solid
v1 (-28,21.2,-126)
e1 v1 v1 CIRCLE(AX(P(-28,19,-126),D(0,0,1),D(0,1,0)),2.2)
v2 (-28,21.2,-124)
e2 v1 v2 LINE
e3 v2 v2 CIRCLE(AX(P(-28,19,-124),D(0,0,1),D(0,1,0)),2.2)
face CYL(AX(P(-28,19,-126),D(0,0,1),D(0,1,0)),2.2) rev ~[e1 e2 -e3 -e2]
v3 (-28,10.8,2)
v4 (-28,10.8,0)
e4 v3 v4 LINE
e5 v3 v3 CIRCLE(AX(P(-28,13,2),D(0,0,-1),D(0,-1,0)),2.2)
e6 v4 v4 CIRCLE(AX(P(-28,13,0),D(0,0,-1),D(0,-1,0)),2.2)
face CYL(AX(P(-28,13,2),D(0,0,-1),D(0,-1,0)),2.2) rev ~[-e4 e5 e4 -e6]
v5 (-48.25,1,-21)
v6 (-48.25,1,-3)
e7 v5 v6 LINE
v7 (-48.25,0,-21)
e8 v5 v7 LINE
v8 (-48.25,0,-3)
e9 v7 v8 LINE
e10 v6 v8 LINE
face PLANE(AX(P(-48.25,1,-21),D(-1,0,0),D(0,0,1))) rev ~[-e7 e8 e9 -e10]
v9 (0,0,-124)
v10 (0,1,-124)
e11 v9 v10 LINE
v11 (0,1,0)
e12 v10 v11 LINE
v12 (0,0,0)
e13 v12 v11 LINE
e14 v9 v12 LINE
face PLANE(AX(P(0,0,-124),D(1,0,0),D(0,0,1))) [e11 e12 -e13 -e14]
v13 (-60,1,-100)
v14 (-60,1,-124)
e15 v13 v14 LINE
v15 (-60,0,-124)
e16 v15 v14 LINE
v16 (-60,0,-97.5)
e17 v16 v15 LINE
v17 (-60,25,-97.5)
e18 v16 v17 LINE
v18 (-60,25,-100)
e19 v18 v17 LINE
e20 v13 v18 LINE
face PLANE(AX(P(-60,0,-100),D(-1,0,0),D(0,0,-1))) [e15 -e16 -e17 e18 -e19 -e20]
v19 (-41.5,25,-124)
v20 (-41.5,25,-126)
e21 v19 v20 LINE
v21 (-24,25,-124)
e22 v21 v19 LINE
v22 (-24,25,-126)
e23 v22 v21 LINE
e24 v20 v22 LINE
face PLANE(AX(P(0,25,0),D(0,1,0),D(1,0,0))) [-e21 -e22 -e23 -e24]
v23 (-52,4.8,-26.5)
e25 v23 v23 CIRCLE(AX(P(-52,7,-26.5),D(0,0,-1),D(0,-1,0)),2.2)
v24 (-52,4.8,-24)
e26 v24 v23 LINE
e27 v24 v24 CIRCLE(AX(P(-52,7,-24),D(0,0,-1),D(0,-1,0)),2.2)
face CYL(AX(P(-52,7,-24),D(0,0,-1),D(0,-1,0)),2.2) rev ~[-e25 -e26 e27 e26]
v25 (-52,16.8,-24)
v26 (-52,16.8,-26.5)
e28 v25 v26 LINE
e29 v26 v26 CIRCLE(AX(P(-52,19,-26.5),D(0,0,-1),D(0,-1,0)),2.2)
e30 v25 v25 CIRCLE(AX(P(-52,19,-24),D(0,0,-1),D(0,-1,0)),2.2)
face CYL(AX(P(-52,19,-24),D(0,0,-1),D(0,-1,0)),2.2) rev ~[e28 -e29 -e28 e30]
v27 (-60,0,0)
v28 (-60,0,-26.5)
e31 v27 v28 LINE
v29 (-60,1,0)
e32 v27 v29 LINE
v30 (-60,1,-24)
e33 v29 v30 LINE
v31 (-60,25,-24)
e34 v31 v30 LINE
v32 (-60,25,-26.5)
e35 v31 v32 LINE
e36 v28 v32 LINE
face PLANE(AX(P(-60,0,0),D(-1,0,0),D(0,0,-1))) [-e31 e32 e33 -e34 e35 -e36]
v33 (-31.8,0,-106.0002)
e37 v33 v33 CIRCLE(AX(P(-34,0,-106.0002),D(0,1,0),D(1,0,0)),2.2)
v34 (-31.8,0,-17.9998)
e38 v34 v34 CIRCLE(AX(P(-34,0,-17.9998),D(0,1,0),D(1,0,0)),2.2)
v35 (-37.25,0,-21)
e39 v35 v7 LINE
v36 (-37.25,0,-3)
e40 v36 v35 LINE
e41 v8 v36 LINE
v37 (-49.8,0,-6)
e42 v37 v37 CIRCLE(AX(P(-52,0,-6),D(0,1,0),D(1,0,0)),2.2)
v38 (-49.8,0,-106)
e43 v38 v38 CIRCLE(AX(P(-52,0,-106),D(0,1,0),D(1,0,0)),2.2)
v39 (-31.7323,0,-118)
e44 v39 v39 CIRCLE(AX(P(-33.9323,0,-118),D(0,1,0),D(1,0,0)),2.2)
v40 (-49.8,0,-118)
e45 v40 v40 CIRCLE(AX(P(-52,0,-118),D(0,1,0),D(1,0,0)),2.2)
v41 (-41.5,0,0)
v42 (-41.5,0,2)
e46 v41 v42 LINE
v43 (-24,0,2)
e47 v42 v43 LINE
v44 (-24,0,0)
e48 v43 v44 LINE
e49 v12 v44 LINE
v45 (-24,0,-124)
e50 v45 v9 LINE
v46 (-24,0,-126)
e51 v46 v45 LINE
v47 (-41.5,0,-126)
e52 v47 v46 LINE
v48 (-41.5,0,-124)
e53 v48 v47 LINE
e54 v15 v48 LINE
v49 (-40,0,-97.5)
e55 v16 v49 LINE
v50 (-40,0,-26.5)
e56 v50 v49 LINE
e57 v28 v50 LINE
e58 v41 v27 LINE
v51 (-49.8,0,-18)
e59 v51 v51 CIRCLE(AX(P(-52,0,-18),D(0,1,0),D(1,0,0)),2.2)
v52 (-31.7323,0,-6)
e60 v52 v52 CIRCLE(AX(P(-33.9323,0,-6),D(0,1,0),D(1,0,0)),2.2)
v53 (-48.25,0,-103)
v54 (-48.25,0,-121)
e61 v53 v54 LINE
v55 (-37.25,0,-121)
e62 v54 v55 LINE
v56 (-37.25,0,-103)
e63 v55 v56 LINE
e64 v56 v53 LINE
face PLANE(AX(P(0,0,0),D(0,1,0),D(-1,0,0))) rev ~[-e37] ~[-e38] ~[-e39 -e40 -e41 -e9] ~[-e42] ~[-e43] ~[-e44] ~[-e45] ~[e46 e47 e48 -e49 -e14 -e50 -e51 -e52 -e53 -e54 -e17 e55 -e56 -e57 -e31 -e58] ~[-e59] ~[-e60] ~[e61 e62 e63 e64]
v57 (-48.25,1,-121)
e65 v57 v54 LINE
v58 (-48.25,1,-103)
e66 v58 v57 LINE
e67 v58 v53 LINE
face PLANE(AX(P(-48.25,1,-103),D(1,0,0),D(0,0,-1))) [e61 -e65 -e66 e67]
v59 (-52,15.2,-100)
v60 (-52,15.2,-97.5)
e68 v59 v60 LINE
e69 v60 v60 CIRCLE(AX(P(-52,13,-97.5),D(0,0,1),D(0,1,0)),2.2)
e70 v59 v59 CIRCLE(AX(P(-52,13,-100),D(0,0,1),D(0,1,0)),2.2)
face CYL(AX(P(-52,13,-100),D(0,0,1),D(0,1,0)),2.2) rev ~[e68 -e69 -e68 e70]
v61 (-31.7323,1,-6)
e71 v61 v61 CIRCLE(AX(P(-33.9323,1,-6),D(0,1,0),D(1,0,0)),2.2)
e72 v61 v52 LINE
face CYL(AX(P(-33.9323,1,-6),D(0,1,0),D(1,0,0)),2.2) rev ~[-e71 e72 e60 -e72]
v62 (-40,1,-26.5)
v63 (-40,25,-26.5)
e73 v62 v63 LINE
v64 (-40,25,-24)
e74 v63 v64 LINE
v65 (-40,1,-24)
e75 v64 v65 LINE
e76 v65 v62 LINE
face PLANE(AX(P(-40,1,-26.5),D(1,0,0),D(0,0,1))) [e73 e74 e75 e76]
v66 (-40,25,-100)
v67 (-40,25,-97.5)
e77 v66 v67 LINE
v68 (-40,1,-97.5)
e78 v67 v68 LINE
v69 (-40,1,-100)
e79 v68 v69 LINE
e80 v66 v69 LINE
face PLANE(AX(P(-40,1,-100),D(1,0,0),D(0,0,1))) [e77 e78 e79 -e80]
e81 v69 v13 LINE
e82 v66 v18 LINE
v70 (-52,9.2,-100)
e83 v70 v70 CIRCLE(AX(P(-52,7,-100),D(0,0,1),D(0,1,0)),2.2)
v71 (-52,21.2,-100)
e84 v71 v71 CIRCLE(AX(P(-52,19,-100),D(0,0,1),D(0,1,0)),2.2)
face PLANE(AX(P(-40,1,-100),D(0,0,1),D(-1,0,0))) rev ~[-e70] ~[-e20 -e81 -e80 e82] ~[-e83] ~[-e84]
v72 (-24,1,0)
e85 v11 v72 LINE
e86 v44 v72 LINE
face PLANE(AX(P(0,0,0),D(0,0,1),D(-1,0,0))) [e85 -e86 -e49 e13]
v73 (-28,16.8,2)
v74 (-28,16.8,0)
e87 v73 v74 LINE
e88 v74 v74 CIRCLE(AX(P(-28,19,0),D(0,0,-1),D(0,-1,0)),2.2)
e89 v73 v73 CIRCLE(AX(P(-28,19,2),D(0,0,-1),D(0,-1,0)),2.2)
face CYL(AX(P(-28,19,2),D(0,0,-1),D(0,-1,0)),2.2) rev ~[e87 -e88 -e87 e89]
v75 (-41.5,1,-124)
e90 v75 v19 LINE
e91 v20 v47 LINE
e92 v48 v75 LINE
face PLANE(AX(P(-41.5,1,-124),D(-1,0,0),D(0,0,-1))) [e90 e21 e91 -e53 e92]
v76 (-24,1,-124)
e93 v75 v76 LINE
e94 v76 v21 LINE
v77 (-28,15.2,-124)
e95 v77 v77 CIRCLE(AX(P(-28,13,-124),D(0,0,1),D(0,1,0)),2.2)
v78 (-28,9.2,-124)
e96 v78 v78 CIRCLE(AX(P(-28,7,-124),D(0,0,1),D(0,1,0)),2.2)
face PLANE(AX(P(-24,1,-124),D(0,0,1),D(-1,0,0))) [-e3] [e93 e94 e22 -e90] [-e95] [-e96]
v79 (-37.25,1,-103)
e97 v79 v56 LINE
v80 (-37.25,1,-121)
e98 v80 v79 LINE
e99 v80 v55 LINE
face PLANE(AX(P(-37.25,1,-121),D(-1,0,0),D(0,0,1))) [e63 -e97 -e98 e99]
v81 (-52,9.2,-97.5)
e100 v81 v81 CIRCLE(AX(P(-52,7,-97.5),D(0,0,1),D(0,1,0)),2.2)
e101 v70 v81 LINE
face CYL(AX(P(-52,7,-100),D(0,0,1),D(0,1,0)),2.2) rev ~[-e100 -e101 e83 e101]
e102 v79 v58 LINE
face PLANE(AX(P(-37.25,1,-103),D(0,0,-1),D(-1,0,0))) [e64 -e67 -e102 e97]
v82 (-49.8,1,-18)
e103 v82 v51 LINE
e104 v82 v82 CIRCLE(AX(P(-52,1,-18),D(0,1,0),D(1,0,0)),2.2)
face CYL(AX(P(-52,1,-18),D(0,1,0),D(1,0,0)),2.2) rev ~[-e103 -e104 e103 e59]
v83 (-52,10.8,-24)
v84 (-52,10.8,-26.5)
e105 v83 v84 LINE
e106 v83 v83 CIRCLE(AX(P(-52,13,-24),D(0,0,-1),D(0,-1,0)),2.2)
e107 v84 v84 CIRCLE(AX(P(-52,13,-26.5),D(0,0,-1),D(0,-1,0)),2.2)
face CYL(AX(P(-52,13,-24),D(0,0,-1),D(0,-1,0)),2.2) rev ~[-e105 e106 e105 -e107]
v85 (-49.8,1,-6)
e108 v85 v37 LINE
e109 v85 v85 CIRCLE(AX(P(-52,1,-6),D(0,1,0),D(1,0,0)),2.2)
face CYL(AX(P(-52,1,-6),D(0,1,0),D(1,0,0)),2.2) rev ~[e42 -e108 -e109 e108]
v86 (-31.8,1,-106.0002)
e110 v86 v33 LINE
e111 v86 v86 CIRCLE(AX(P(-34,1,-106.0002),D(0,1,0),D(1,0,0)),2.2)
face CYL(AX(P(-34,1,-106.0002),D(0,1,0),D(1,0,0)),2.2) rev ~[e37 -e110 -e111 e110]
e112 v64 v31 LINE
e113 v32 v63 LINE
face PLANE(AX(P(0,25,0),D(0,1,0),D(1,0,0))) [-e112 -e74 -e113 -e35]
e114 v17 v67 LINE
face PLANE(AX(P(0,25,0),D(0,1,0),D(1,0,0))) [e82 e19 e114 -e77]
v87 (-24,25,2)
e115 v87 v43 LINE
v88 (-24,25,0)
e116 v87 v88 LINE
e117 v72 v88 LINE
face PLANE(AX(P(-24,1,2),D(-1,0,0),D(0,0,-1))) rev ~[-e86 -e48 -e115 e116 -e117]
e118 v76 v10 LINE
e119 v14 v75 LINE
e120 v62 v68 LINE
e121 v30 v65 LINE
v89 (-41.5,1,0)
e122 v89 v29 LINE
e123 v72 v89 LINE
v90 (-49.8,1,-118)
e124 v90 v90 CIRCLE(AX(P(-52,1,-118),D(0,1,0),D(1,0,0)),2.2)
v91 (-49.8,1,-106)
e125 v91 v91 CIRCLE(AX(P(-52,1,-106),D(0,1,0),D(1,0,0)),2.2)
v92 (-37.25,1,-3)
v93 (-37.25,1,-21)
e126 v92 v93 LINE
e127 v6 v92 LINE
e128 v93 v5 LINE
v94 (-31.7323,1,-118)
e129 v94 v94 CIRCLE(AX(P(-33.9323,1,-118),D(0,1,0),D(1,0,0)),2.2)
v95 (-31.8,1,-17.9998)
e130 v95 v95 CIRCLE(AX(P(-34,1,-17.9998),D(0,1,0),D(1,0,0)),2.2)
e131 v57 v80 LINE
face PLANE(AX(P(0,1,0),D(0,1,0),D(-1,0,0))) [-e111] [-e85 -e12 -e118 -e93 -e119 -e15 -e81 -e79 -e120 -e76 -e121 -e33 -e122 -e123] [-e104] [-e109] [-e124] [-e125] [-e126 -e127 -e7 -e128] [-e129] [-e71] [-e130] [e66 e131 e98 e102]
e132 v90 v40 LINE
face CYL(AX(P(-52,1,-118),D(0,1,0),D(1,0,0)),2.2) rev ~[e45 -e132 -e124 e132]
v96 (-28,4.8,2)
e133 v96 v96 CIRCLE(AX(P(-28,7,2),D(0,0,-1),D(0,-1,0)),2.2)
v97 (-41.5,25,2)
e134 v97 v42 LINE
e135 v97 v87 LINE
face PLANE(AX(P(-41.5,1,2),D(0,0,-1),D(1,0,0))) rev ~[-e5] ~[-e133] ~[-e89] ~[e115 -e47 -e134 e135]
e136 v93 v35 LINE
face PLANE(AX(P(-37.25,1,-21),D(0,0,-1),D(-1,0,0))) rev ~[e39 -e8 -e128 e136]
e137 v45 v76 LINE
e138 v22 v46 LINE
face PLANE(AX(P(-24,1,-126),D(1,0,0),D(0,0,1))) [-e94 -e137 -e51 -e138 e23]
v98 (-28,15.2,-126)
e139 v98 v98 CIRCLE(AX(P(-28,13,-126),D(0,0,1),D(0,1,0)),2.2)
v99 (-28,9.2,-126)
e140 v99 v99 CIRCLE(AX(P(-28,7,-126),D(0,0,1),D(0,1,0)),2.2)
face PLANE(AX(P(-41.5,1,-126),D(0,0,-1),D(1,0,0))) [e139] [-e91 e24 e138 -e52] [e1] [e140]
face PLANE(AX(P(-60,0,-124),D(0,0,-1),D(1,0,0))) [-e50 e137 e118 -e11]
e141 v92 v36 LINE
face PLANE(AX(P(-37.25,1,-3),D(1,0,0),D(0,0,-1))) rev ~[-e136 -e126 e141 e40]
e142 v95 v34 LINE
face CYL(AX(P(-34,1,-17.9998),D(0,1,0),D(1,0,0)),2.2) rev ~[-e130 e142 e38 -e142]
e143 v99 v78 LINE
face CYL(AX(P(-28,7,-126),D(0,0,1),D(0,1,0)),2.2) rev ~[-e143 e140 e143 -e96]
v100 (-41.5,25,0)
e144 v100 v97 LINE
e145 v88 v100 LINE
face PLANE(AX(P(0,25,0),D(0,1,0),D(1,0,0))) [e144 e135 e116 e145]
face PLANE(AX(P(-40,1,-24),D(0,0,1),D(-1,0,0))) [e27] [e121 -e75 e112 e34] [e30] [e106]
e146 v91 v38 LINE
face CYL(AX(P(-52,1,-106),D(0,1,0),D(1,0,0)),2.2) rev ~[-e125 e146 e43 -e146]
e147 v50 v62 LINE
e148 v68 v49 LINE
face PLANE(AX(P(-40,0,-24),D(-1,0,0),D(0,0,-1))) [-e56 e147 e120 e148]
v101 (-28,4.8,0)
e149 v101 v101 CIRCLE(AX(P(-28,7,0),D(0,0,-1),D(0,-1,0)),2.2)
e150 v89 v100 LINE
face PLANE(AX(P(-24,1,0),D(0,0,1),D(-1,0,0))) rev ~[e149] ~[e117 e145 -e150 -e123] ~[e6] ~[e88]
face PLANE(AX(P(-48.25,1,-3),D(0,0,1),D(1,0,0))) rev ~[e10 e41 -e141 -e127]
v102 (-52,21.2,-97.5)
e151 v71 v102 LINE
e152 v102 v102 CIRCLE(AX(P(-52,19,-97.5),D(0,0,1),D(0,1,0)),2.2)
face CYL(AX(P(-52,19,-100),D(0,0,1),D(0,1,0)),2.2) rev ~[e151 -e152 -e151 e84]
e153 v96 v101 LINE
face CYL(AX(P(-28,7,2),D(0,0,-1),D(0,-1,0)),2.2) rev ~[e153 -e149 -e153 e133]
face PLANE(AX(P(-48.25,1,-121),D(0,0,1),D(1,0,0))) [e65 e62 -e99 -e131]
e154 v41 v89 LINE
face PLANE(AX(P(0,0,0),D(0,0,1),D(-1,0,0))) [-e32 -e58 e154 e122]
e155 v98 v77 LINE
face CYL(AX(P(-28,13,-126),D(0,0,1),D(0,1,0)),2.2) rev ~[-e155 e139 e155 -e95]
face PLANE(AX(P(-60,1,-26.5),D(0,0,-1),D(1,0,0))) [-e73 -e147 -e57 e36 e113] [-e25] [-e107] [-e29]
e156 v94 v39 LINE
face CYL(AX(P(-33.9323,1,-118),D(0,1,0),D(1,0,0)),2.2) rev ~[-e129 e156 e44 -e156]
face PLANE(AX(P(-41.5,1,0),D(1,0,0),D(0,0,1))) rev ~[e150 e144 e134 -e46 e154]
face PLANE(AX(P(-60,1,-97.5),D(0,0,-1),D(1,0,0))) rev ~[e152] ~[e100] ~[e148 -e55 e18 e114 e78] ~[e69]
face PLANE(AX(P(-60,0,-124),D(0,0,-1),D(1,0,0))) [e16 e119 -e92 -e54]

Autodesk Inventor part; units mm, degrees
ref_plane "YZ Plane" through (0, 0, 0) normal (1, 0, 0) x (0, 1, 0)
ref_plane "XZ Plane" through (0, 0, 0) normal (0, 1, 0) x (-1, 0, 0)
ref_plane "XY Plane" through (0, 0, 0) normal (0, 0, 1) x (1, 0, 0)
sketch "Sketch1" plane through (0, 0, 0) normal (0, 1, 0) x (-1, 0, 0)
  line L0 (0, 0) -> (60, 0)
  line L1 (60, 0) -> (60, -24)
  line L2 (60, -24) -> (40, -24)
  line L3 (40, -24) -> (40, -100)
  line L4 (40, -100) -> (60, -100)
  line L5 (60, -100) -> (60, -124)
  line L6 (60, -124) -> (0, -124)
  line L7 (0, -124) -> (0, 0)
  dimension "d0" = 60
  dimension "d1" = 24
  dimension "d2" = 20
  dimension "d3" = 76
  dimension "d4" = 20
  dimension "d5" = 24
extrude "Extrusion1" add sketch "Sketch1" along normal blind 1
sketch "Sketch2" plane through (0, 1, 0) normal (0, 1, 0) x (1, 0, 0)
  circle A0 centre (-52, 6) radius 2.2
  line L0 (-60, 0) -> (0, 0) projected
  line L1 (-60, 24) -> (-60, 0) projected
  circle A1 centre (-52, 18) radius 2.2
  line L2 (-48.25, 3) -> (-37.25, 3)
  line L3 (-37.25, 3) -> (-37.25, 21)
  line L4 (-37.25, 21) -> (-48.25, 21)
  line L5 (-48.25, 21) -> (-48.25, 3)
  circle A2 centre (-34, 17.9998) radius 2.2
  circle A3 centre (-33.9323, 6) radius 2.2
  line L6 (-40, 100) -> (-40, 24) projected
  line L7 (-40, 62) -> (0, 62)
  circle A4 centre (-52, 118) radius 2.2
  circle A5 centre (-52, 106) radius 2.2
  line L8 (-48.25, 121) -> (-37.25, 121)
  line L9 (-37.25, 121) -> (-37.25, 103)
  line L10 (-37.25, 103) -> (-48.25, 103)
  line L11 (-48.25, 103) -> (-48.25, 121)
  circle A6 centre (-34, 106.0002) radius 2.2
  circle A7 centre (-33.9323, 118) radius 2.2
  line L12 (-60, 124) -> (0, 124) projected
  line L13 (-60, 124) -> (-60, 100) projected
  dimension "d8" = 4.4
  dimension "d9" = 6
  dimension "d10" = 8
  dimension "d11" = 4.4
  dimension "d12" = 12
  dimension "d13" = 11
  dimension "d14" = 18
  dimension "d15" = 3
  dimension "d16" = 3.75
  dimension "d17" = 4.4
  dimension "d18" = 3.25
  dimension "d19" = 4.4
  dimension "d20" = 6
  dimension "d21" = 8
  dimension "d22" = 8
extrude "Extrusion2" cut sketch "Sketch2" against normal blind 1.5
sketch "Sketch4" plane through (0, 1, 0) normal (0, 1, 0) x (1, 0, 0)
  line L0 (-60, 124) -> (-60, 100) projected
  line L1 (-60, 100) -> (-60, 97.5)
  line L2 (-60, 97.5) -> (-40, 97.5)
  line L3 (-40, 100) -> (-40, 24) projected
  line L4 (-40, 24) -> (-60, 24) projected
  line L5 (-60, 24) -> (-60, 26.5)
  line L6 (-60, 26.5) -> (-40, 26.5)
  line L7 (-40, 100) -> (-60, 100) projected
  line L8 (-40, 24) -> (-40, 100) projected
  line L9 (-60, 100) -> (-40, 100)
  line L10 (-40, 100) -> (-40, 97.5)
  line L11 (-60, 24) -> (-40, 24)
  line L12 (-40, 26.5) -> (-40, 24)
  line L13 (-60, 124) -> (-41.5, 124)
  line L14 (0, 124) -> (-60, 124) projected
  line L15 (-41.5, 124) -> (-41.5, 126)
  line L16 (-41.5, 126) -> (-24, 126)
  line L17 (-24, 126) -> (-24, 124)
  line L18 (-41.5, 124) -> (-24, 124)
  line L19 (-40, 62) -> (-22.3006, 62)
  line L20 (0, 0) -> (-60, 0)
  line L21 (-41.5, 0) -> (-41.5, -2)
  line L22 (-41.5, -2) -> (-24, -2)
  line L23 (-24, -2) -> (-24, 0)
  line L24 (-60, 0) -> (0, 0) projected
  dimension "d29" = 2.5
  dimension "d30" = 2.5
  dimension "d32" = 18.5
  dimension "d33" = 2
  dimension "d34" = 17.5
extrude "Extrusion3" add sketch "Sketch4" along normal blind 24 and the other way blind 1
sketch "Sketch6" plane through (-24, 25, -126) normal (0, 0, -1) x (-1, 0, 0)
  circle A0 centre (4, -6) radius 2.2
  line L0 (0, -25) -> (0, 0) projected
  line L1 (0, 0) -> (17.5, 0) projected
  circle A1 centre (4, -12) radius 2.2
  circle A2 centre (4, -18) radius 2.2
  line L2 (0, 0) -> (0, -24) projected
  line L3 (17.5003, -24) -> (0, -24)
  point P0 (-24, -25)
  dimension "d39" = 4.4
  dimension "d40" = 4
  dimension "d41" = 6
  dimension "d42" = 4.4
  dimension "d43" = 4.4
  dimension "d44" = 6
  dimension "d45" = 6
  dimension "d46" = 6
hole "Hole1" at (-28, 7, -126) at (-28, 13, -126) at (-28, 19, -126) direction (0, 0, 1) diameter 4.4 depth 2
sketch "Sketch7" plane through (-41.5, 25, 2) normal (0, 0, 1) x (1, 0, 0)
  line L0 (17.5, -24) -> (0, -24) projected
  line L1 (0, -24) -> (0, -25) projected
  line L2 (17.5, -24) -> (0, -24)
  circle A0 centre (13.5, -18) radius 2.2 projected
  circle A1 centre (13.5, -18) radius 2.2
  circle A2 centre (13.5, -12) radius 2.2 projected
  circle A3 centre (13.5, -12) radius 2.2
  circle A4 centre (13.5, -6) radius 2.2 projected
  circle A5 centre (13.5, -6) radius 2.2
  point P0 (41.5, -25)
  dimension "d54" = 4.4
  dimension "d55" = 4.4
  dimension "d56" = 4.4
hole "Hole2" at (-28, 7, 2) at (-28, 13, 2) at (-28, 19, 2) direction (0, 0, -1) diameter 4.4 depth 2
sketch "Sketch11" plane through (-60, 1, -100) normal (0, 0, -1) x (-1, 0, 0)
  circle A0 centre (-8, 18) radius 2.2
  line L0 (0, 24) -> (0, 0) projected
  line L1 (-20, 24) -> (0, 24) projected
  circle A1 centre (-8, 12) radius 2.2
  circle A2 centre (-8, 6) radius 2.2
  circle A3 centre (-31.5, 6) radius 2.2
  circle A4 centre (-31.5, 12) radius 2.2
  circle A5 centre (-31.5, 18) radius 2.2
  point P0 (-60, -1)
  point P1 (-36, 24)
  dimension "d68" = 4.4
  dimension "d69" = 8
  dimension "d70" = 6
  dimension "d71" = 4.4
  dimension "d72" = 4.4
  dimension "d73" = 6
  dimension "d74" = 6
  dimension "d82" = 4.4
  dimension "d83" = 23.5
  dimension "d84" = 4.4
  dimension "d85" = 4.4
hole "Hole3" at (-52, 19, -100) at (-52, 13, -100) at (-52, 7, -100) direction (0, 0, 1) diameter 4.4 depth 2.5
sketch "Sketch12" plane through (-60, 1, -24) normal (0, 0, 1) x (1, 0, 0)
  circle A0 centre (8, 6) radius 2.2 projected
  circle A1 centre (8, 6) radius 2.2
  circle A2 centre (8, 12) radius 2.2 projected
  circle A3 centre (8, 12) radius 2.2
  circle A4 centre (8, 18) radius 2.2 projected
  circle A5 centre (8, 18) radius 2.2
  point P0 (60, -1)
  dimension "d86" = 4.4
  dimension "d87" = 4.4
  dimension "d88" = 4.4
hole "Hole4" at (-52, 7, -24) at (-52, 13, -24) at (-52, 19, -24) direction (0, 0, -1) diameter 4.4 depth 2.5
sketch "Sketch13" plane through (-60, 1, -24) normal (0, 0, 1) x (1, 0, 0)
  point P0 (60, -1)
properties part number "brace"
